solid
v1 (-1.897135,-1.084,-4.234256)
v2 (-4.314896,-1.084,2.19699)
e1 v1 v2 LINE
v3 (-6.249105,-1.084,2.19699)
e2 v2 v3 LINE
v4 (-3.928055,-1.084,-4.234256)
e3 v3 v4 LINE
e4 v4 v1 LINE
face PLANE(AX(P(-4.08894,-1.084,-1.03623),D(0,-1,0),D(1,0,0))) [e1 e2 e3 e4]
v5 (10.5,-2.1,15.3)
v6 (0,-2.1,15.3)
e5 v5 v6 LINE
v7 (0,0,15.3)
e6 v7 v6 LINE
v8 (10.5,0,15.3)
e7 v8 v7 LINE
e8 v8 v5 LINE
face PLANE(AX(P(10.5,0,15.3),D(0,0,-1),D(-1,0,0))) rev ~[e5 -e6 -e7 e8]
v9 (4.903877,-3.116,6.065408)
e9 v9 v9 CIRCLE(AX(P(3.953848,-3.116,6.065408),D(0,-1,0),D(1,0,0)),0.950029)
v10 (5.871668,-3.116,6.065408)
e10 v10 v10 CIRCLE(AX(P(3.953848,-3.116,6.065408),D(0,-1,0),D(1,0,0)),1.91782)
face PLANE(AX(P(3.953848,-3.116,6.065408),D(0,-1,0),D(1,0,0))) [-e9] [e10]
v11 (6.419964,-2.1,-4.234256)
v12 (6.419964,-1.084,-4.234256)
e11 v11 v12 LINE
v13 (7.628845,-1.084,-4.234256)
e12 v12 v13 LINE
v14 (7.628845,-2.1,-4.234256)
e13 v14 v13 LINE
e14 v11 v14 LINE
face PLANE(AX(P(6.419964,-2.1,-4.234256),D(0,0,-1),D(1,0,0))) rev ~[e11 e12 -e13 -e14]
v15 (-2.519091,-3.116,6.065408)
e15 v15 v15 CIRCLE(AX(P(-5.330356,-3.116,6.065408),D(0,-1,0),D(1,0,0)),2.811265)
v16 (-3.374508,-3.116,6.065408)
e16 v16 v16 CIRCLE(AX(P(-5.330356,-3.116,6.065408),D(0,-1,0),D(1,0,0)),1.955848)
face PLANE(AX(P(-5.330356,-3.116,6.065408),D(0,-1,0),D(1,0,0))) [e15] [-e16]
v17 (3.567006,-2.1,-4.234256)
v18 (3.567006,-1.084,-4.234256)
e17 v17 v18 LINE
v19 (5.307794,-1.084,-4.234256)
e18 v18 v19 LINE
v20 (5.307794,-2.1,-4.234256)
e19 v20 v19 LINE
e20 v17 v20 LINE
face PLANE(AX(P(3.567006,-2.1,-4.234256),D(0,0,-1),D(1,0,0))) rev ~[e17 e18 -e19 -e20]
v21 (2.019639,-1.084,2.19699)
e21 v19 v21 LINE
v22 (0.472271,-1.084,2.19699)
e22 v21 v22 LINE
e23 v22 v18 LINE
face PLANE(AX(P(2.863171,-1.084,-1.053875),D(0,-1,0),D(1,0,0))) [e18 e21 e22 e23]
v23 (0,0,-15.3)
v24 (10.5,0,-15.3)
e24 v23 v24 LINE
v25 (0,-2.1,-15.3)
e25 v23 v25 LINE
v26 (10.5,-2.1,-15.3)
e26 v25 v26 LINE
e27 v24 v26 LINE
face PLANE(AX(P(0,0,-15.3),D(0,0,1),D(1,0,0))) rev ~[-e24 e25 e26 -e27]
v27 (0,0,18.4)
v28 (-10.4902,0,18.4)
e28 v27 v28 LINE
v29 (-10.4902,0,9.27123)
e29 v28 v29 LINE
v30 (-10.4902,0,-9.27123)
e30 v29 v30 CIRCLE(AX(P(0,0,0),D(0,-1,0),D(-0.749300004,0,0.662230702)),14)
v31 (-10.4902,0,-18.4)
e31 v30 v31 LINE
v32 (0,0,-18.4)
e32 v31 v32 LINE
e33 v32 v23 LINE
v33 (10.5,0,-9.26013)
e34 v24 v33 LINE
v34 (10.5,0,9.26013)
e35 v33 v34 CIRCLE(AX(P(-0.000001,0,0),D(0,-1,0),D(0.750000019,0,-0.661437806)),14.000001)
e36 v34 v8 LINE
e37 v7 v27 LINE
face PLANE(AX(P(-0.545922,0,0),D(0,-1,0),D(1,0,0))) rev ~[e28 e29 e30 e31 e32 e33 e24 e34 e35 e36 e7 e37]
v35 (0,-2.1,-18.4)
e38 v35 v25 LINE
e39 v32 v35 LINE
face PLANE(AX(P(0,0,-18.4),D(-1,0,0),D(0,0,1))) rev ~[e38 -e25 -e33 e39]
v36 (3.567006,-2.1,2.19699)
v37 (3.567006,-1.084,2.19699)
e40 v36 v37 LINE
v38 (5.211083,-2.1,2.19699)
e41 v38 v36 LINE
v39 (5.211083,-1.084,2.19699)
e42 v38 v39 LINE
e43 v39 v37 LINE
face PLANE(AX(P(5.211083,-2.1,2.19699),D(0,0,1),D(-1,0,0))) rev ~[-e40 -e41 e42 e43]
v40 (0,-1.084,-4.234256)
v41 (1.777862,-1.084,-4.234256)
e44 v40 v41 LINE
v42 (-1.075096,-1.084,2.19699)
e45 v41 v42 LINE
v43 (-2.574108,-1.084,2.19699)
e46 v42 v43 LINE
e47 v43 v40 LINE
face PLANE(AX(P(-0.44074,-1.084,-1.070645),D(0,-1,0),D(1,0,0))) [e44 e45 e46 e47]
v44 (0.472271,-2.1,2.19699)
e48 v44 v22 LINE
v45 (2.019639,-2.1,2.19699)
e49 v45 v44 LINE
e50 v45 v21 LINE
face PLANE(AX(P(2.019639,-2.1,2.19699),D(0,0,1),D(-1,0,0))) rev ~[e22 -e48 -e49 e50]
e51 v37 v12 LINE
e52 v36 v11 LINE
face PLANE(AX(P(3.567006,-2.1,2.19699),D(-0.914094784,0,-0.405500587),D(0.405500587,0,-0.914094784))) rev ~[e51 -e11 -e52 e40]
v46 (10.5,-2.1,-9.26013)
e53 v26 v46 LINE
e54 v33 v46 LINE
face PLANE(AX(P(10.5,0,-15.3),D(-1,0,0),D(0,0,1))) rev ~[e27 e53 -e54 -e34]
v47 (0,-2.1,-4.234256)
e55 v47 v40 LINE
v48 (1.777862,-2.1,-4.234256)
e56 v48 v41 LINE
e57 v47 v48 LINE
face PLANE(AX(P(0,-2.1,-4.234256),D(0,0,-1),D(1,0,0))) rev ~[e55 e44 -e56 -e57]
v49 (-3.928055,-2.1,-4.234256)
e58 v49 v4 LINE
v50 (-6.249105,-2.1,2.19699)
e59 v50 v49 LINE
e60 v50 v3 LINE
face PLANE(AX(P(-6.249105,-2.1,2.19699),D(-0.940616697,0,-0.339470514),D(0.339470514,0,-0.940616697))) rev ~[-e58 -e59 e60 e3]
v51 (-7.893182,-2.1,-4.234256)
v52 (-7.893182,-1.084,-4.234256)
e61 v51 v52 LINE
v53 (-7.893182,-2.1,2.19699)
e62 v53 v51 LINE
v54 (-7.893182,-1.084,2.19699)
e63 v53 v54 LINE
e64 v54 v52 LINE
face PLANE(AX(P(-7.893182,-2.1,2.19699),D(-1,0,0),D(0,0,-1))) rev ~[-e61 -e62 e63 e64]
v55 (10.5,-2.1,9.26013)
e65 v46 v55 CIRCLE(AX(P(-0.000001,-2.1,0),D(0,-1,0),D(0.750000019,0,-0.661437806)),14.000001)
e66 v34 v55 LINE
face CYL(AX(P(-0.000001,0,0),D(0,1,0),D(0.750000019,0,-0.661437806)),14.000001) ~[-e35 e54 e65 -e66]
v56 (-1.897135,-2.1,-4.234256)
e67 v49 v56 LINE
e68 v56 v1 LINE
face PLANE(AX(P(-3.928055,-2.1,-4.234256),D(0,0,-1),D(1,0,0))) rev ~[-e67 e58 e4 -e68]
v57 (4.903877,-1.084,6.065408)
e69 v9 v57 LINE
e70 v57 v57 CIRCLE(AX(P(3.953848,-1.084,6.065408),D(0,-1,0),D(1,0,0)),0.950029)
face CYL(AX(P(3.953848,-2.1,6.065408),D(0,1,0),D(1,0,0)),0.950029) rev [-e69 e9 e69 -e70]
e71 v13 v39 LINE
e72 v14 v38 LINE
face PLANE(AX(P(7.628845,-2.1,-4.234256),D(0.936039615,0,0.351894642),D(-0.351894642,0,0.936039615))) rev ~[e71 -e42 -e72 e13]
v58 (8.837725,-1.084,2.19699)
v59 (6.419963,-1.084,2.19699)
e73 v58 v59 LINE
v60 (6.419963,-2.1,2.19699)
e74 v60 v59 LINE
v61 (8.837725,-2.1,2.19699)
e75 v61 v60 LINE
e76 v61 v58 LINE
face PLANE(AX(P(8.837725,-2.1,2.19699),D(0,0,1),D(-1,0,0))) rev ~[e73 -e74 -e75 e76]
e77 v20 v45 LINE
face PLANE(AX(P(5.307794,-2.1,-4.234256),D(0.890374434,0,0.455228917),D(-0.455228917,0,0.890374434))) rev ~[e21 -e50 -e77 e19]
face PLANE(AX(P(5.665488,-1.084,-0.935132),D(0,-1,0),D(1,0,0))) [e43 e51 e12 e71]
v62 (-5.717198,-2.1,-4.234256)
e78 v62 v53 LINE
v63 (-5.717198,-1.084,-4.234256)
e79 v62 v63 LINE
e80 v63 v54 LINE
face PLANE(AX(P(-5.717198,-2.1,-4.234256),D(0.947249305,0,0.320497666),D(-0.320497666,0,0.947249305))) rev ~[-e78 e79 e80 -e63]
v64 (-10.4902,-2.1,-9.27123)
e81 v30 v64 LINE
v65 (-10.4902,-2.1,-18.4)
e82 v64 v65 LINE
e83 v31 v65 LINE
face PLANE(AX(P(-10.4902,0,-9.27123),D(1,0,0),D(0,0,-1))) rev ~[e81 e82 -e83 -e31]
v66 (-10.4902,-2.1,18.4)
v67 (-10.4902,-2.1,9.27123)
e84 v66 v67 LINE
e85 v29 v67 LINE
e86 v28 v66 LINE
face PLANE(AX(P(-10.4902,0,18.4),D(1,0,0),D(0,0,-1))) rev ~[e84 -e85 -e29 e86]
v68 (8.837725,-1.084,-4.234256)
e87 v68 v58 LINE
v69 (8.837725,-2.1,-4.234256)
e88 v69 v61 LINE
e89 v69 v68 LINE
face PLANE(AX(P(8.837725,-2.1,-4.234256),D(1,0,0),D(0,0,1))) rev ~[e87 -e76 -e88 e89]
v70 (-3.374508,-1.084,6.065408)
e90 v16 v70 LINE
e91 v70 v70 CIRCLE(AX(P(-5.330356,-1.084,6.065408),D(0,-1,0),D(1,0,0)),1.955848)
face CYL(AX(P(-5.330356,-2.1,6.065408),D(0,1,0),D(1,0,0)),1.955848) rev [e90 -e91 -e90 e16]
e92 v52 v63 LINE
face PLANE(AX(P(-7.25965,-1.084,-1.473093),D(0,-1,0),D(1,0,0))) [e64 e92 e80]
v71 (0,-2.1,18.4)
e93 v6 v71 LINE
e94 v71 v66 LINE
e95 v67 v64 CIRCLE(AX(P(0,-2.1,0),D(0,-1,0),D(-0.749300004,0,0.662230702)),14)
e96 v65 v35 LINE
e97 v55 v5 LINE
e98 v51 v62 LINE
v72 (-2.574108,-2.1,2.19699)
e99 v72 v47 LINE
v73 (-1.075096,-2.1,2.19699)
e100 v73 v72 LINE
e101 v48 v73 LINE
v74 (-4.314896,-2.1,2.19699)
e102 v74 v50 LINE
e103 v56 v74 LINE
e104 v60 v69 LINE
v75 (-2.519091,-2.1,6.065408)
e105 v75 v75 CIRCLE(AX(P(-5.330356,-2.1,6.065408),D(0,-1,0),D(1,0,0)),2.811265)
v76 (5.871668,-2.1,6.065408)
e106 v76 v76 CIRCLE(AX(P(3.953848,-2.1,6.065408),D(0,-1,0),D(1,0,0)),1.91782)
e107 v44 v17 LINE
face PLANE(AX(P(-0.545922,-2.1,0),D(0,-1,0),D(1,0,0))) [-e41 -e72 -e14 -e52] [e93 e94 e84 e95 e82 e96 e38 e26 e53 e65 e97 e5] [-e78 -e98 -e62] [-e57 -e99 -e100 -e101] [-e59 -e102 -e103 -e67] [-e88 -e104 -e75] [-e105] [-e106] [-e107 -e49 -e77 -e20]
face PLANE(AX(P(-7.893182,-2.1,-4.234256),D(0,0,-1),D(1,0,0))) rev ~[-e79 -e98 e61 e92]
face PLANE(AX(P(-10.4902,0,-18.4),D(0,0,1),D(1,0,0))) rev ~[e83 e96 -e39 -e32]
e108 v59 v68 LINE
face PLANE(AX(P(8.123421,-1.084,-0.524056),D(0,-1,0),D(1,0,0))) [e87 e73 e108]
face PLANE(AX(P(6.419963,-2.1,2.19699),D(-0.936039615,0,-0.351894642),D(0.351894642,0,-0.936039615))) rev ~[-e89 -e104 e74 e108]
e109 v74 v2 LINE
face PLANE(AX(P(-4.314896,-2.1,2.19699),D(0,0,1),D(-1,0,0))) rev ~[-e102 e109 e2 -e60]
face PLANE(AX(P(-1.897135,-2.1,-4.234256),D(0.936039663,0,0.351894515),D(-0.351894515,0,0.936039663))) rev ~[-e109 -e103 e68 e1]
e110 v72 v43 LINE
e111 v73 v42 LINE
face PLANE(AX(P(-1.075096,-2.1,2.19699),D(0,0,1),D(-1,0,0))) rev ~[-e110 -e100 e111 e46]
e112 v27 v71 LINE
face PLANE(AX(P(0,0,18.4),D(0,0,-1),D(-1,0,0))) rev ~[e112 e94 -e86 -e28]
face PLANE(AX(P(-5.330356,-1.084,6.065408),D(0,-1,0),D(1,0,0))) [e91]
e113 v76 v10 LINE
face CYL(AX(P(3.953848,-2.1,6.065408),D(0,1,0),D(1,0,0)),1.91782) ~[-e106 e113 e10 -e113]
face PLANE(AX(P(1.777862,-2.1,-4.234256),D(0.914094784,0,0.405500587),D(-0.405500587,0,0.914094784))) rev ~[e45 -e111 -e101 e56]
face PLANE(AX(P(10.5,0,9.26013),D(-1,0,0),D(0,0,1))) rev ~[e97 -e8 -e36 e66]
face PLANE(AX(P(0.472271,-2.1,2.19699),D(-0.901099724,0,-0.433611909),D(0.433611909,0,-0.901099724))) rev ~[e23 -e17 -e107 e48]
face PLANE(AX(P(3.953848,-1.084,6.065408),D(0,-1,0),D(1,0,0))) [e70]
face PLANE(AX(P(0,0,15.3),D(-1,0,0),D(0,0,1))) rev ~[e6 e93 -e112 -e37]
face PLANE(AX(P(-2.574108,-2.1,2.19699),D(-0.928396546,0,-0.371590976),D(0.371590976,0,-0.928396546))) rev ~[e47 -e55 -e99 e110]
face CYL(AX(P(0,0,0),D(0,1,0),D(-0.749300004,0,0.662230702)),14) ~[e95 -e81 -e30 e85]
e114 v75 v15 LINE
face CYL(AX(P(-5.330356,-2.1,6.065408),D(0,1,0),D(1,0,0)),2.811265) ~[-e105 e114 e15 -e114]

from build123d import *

# Parameters (mm, degrees)
F1_DEPTH = 2.1
F2_R     = 1.955848
F2_R_2   = 0.950029
F3_DEPTH = 1.016
F2_R_3   = 2.811265
F2_R_4   = 1.91782
F4_DEPTH = 1.016


with BuildPart() as f1:
    # F0 (on Front) → F1 (new body)
    with BuildSketch(Plane.XZ):
        with BuildLine():
            Line((-10.4902, 18.4), (-10.4902, 9.27123))
            ThreePointArc((-10.4902, 9.27123), (-14, 0), (-10.4902, -9.27123))
            Line((-10.4902, -9.27123), (-10.4902, -18.4))
            Line((-10.4902, -18.4), (0, -18.4))
            Line((0, -18.4), (0, -15.3))
            Line((0, -15.3), (10.5, -15.3))
            Line((10.5, -15.3), (10.5, -9.26013))
            ThreePointArc((10.5, -9.26013), (14, 0), (10.5, 9.26013))
            Line((10.5, 9.26013), (10.5, 15.3))
            Line((10.5, 15.3), (0, 15.3))
            Line((0, 15.3), (0, 18.4))
            Line((0, 18.4), (-10.4902, 18.4))
        make_face()
    extrude(amount=F1_DEPTH)

    # F2 (on face) → F3 (cut)
    with BuildSketch(Plane.XZ.offset(2.1)):
        Polygon((-5.717198, -4.234256), (-7.893182, 2.19699), (-7.893182, -4.234256), align=None)
        Polygon((-4.314896, 2.19699), (-6.249105, 2.19699), (-3.928055, -4.234256), (-1.897135, -4.234256), align=None)
        Polygon((-1.075096, 2.19699), (-2.574108, 2.19699), (0, -4.234256), (1.777862, -4.234256), align=None)
        Polygon((2.019639, 2.19699), (0.472271, 2.19699), (3.567006, -4.234256), (5.307794, -4.234256), align=None)
        Polygon((5.211083, 2.19699), (3.567006, 2.19699), (6.419964, -4.234256), (7.628845, -4.234256), align=None)
        Polygon((8.837725, 2.19699), (6.419963, 2.19699), (8.837725, -4.234256), align=None)
        with Locations((-5.330356, 6.065408)):
            Circle(F2_R)
        with Locations((3.953848, 6.065408)):
            Circle(F2_R_2)
    extrude(amount=-F3_DEPTH, mode=Mode.SUBTRACT)

    # F2 (on face) → F4 (join)
    with BuildSketch(Plane.XZ.offset(2.1)):
        with Locations((-5.330356, 6.065408)):
            Circle(F2_R_3)
        with Locations((-5.330356, 6.065408)):
            Circle(F2_R, mode=Mode.SUBTRACT)
        with Locations((3.953848, 6.065408)):
            Circle(F2_R_4)
        with Locations((3.953848, 6.065408)):
            Circle(F2_R_2, mode=Mode.SUBTRACT)
    extrude(amount=F4_DEPTH)


solid = f1.part
